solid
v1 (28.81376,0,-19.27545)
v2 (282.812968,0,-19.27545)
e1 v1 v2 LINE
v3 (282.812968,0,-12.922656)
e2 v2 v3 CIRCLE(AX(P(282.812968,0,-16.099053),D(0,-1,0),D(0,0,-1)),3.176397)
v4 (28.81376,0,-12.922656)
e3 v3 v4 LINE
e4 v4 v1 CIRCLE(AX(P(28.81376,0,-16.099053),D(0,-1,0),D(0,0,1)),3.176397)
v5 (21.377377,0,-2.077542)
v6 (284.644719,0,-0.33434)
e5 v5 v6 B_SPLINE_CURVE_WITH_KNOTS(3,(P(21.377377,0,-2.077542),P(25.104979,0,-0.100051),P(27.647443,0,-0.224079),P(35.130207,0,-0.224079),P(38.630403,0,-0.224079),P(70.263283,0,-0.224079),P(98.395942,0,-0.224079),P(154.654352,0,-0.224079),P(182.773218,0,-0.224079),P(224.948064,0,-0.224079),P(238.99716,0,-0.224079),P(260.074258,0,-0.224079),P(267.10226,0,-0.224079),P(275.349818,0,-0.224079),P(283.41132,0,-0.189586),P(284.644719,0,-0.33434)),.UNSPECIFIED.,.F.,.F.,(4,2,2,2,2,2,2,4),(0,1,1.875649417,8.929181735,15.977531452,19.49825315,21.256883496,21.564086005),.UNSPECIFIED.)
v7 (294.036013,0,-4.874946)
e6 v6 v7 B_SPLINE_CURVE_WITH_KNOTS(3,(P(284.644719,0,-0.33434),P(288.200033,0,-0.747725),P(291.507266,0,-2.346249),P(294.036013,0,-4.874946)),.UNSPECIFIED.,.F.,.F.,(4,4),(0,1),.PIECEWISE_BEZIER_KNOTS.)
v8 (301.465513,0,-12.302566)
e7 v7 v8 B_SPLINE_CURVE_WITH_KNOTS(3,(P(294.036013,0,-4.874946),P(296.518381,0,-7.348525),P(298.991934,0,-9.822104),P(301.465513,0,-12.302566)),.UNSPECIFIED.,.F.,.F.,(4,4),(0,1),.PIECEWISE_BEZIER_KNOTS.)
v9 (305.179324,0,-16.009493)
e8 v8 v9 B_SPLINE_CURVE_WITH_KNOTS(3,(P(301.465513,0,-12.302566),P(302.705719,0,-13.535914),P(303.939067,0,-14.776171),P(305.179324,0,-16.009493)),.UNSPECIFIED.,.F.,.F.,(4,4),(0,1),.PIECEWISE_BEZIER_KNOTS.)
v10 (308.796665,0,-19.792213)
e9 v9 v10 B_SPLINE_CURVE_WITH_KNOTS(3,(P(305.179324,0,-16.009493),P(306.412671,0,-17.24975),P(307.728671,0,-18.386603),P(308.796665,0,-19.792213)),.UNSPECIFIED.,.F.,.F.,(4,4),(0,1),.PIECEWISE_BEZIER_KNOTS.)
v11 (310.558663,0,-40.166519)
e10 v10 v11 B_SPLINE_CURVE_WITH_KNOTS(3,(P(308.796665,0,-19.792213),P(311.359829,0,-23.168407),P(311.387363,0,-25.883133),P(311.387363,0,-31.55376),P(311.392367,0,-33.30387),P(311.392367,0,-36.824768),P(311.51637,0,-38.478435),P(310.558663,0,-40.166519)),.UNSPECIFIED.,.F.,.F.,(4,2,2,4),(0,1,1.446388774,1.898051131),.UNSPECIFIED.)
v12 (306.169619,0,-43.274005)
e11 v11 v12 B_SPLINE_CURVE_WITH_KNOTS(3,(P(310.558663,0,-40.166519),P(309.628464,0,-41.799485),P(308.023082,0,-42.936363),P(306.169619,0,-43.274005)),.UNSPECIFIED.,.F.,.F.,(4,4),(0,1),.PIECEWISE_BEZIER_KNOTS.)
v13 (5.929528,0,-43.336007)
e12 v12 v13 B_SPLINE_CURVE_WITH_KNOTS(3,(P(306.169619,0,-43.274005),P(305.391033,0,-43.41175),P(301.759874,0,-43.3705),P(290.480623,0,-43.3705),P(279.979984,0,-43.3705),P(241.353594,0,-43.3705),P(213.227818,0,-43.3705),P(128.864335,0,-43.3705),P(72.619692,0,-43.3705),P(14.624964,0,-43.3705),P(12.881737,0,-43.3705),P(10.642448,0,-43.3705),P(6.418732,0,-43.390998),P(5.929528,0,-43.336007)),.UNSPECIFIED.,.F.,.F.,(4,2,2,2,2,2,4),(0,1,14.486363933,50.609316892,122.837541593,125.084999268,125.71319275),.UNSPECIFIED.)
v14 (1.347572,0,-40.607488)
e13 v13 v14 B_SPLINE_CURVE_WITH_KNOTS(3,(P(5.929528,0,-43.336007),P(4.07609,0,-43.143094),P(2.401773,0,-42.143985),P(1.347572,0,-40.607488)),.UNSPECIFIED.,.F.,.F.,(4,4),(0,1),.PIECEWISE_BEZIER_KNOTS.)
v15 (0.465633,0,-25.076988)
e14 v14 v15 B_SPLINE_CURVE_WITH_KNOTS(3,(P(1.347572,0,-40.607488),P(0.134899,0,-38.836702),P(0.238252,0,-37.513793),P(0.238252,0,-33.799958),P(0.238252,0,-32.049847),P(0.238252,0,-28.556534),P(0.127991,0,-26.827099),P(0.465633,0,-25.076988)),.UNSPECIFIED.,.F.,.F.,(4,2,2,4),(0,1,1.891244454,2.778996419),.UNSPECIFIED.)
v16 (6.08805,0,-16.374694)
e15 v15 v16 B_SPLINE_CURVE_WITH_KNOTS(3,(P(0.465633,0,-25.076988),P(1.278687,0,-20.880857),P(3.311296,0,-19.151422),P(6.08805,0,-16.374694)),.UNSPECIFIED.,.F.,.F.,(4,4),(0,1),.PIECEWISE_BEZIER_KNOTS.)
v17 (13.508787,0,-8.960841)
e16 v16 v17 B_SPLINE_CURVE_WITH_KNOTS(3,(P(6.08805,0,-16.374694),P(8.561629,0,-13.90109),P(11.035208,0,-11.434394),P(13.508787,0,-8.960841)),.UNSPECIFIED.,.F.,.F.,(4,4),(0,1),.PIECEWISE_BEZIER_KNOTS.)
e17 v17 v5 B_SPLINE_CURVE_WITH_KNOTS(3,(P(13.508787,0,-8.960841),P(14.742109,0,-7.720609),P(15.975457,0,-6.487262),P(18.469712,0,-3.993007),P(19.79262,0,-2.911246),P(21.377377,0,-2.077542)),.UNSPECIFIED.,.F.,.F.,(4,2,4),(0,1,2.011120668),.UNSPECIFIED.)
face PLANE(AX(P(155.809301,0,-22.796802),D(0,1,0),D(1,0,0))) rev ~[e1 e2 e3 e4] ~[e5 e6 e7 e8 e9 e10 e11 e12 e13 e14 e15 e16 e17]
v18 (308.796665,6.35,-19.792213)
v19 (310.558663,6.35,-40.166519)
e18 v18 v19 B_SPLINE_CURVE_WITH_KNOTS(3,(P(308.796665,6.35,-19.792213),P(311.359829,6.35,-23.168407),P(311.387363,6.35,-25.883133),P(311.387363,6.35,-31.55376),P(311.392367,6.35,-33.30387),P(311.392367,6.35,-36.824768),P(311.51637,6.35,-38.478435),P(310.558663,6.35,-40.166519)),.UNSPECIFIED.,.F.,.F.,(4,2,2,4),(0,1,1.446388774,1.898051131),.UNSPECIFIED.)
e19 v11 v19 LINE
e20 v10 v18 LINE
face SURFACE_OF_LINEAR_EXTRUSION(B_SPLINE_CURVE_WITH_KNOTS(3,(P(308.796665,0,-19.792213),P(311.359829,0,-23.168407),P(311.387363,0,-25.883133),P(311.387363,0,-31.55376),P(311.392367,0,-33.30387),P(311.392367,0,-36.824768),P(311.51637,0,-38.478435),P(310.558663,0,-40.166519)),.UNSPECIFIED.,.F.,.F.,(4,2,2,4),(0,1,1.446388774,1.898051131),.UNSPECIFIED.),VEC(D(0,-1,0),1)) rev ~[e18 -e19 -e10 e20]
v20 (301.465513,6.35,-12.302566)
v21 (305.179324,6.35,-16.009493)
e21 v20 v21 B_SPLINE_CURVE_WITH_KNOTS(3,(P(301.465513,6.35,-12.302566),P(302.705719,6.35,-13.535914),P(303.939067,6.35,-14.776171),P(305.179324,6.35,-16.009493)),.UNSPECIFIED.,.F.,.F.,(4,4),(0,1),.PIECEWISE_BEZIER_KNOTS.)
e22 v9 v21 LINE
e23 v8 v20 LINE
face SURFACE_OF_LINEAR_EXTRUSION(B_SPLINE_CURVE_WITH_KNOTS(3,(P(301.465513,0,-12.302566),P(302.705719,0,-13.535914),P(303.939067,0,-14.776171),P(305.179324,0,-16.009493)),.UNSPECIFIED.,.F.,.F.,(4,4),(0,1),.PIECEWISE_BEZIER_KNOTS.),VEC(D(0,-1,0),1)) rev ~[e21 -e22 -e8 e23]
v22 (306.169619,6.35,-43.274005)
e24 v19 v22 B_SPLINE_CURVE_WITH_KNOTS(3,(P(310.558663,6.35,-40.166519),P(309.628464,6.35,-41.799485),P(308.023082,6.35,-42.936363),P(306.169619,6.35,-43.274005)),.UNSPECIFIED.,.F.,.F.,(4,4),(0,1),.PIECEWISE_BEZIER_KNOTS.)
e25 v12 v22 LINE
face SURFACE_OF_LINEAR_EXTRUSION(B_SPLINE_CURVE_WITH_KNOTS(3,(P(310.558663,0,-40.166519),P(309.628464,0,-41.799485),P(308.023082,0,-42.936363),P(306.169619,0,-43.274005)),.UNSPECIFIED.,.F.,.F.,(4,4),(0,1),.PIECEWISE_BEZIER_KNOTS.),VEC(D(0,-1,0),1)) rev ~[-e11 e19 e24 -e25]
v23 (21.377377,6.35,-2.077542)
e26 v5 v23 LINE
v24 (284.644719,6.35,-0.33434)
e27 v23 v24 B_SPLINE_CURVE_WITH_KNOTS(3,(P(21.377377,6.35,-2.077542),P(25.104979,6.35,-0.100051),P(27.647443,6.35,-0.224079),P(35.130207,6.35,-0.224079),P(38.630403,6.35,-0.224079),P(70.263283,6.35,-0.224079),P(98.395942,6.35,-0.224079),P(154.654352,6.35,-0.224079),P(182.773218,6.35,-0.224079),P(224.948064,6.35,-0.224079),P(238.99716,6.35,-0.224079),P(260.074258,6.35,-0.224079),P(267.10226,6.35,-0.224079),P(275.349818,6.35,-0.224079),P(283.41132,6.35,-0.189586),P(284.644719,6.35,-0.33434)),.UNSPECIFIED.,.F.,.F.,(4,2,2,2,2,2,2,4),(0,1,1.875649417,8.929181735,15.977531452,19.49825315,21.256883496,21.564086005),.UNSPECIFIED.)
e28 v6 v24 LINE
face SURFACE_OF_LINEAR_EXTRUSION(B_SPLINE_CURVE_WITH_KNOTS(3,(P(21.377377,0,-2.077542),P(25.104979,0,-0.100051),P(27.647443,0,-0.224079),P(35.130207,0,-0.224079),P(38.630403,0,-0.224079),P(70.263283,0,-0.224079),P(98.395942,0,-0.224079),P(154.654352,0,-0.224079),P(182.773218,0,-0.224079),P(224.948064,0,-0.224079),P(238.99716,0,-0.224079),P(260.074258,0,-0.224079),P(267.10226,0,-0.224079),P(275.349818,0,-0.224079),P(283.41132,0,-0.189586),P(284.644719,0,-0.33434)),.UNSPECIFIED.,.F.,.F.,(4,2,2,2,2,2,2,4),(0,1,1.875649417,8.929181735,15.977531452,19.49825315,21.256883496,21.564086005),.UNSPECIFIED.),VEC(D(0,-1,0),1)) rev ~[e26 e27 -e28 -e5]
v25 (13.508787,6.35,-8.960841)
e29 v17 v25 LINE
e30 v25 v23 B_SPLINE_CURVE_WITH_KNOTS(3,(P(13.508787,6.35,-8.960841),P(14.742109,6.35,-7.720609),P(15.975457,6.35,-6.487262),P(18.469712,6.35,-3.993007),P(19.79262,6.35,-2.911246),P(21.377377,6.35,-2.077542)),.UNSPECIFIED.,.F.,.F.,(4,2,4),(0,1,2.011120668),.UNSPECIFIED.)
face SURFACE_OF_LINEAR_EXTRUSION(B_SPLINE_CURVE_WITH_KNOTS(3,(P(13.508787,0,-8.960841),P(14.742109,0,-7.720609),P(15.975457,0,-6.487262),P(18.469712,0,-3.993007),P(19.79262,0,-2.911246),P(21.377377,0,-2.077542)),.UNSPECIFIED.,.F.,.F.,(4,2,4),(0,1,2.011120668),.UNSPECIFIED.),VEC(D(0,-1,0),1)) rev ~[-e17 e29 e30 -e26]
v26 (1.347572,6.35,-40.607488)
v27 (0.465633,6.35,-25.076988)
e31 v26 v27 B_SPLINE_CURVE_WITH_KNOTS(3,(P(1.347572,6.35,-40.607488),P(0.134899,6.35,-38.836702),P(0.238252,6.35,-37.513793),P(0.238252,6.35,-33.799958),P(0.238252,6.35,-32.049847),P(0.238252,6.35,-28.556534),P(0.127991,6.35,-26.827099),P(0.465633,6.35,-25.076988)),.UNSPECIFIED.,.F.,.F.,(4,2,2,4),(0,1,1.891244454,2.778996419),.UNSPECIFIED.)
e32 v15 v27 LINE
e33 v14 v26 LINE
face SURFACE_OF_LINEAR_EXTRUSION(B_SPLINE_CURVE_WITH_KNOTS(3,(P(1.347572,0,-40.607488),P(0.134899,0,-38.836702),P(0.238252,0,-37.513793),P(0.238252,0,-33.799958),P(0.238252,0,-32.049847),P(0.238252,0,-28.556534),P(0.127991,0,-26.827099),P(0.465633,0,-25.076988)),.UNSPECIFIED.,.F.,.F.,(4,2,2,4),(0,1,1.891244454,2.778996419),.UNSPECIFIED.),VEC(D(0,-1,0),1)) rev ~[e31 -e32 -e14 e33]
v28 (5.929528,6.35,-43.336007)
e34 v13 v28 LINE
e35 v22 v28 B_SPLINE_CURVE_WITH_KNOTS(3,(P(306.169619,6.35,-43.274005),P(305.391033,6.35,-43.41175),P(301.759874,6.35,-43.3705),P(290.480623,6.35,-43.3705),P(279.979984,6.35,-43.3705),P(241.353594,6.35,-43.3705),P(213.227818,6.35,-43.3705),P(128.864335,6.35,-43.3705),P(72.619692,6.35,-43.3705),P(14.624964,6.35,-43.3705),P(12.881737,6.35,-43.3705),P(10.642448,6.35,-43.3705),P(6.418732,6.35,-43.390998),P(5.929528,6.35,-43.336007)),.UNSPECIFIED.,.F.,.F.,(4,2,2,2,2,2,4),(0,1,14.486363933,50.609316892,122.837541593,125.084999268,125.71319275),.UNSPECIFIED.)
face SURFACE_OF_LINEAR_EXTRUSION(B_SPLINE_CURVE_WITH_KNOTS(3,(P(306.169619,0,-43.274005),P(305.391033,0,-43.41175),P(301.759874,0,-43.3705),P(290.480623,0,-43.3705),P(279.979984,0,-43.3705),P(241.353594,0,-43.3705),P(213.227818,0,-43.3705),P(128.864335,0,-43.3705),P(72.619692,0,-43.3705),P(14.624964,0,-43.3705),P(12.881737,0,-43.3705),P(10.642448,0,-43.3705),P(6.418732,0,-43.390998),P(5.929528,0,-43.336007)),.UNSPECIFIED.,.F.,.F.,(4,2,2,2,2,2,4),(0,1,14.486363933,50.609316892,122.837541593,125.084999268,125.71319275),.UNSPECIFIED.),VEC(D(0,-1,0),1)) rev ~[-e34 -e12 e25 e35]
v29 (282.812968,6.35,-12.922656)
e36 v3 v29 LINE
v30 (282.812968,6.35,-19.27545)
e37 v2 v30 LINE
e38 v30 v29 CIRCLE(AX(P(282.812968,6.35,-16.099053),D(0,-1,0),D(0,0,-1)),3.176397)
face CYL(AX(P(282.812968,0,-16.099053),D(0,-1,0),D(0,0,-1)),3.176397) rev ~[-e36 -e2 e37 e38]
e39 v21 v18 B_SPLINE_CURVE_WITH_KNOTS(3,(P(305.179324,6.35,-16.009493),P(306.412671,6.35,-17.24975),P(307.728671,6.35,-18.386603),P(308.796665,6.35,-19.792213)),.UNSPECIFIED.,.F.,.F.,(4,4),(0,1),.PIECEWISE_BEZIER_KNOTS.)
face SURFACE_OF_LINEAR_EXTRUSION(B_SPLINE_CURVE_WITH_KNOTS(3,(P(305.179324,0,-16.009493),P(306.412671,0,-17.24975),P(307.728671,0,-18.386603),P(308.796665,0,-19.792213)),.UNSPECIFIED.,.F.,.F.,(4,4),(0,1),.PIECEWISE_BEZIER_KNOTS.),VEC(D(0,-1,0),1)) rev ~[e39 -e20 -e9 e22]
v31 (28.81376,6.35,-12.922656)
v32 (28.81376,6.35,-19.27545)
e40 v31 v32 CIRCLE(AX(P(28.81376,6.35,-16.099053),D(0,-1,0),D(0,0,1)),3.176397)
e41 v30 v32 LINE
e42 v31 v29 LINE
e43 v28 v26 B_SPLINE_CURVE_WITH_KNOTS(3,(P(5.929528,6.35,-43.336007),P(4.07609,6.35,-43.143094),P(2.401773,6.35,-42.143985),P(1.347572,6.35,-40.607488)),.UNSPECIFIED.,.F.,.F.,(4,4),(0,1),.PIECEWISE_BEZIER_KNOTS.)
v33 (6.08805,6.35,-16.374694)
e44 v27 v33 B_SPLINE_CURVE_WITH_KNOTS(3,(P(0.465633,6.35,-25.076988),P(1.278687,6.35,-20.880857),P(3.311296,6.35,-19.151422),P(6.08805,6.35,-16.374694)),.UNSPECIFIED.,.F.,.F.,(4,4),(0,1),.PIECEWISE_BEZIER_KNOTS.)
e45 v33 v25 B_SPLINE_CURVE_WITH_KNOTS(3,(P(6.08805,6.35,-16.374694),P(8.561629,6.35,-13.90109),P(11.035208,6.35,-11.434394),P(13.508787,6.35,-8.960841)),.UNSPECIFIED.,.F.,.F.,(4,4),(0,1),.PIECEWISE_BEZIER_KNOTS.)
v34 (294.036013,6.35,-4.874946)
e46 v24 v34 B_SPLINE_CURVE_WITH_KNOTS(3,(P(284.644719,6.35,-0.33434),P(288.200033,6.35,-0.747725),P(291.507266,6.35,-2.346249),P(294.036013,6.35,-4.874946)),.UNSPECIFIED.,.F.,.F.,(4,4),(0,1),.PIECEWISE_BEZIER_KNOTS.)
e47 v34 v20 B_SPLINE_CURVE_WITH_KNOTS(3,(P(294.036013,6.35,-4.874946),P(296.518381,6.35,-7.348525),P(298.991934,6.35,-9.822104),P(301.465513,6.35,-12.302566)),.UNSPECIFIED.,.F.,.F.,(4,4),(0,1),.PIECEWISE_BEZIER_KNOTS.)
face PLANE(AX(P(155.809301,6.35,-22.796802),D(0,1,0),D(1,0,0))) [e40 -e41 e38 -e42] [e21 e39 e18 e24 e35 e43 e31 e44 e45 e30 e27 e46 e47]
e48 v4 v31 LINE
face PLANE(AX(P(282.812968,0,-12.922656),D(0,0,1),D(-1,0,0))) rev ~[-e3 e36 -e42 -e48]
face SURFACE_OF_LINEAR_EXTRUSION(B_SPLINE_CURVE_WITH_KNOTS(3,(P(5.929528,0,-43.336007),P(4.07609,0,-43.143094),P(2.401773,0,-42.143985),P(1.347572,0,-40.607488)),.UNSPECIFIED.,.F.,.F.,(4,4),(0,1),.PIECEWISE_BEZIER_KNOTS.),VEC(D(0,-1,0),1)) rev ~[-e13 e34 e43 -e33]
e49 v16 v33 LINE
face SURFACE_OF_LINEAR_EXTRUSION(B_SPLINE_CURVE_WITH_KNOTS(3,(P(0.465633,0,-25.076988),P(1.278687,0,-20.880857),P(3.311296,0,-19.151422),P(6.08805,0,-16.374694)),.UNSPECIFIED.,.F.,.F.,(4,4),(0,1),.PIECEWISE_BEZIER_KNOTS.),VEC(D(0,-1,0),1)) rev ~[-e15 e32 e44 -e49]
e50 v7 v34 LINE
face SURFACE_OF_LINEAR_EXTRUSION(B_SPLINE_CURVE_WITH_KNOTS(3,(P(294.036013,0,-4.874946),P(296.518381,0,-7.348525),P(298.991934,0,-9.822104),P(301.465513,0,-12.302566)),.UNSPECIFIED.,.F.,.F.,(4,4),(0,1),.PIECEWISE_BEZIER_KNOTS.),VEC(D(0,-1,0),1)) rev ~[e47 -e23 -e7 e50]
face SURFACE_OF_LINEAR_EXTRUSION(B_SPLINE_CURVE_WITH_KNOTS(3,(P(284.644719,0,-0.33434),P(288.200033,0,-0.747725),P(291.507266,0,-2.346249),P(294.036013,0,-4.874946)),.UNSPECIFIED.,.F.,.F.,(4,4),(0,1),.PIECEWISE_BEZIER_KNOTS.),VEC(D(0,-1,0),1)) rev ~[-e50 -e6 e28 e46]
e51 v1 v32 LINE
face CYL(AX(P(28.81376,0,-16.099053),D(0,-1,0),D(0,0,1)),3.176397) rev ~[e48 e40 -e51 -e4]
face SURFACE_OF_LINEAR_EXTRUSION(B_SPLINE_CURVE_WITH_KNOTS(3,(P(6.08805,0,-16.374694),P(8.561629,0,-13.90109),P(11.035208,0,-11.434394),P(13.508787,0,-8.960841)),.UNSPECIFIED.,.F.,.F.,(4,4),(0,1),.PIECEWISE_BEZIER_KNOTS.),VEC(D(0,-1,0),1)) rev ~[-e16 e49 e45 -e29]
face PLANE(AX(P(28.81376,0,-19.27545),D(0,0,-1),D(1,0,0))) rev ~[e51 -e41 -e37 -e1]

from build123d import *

# Parameters (mm, degrees)
BOSS_EXTRUDE3_DEPTH = 6.35
CUT_EXTRUDE2_DEPTH  = 315.468278946


with BuildPart() as part:
    # Sketch7 → Boss-Extrude3 (new body)
    with BuildSketch(Plane(origin=(0, 0, 0), x_dir=(1, 0, 0), z_dir=(0, 1, 0))):
        with BuildLine():
            add(Edge.make_bspline(
                [(185.1020682, 43.3705), (128.8643346, 43.3705), (72.6196922, 43.3705), (16.3750752, 43.3705)],
                knots=[0, 0, 0, 0, 1, 1, 1, 1], degree=3))
            add(Edge.make_bspline(
                [(16.3750752, 43.3705), (14.6249644, 43.3705), (12.881737, 43.3705), (11.1316262, 43.3705)],
                knots=[0, 0, 0, 0, 1, 1, 1, 1], degree=3))
            add(Edge.make_bspline(
                [(11.1316262, 43.3705), (10.6424476, 43.3705), (6.4187324, 43.3909978), (5.9295284, 43.3360068)],
                knots=[0, 0, 0, 0, 1, 1, 1, 1], degree=3))
            add(Edge.make_bspline(
                [(5.9295284, 43.3360068), (4.0760904, 43.1430938), (2.4017732, 42.1439848), (1.3475716, 40.607488)],
                knots=[0, 0, 0, 0, 1, 1, 1, 1], degree=3))
            add(Edge.make_bspline(
                [(1.3475716, 40.607488), (0.1348994, 38.8367016), (0.238252, 37.5137934), (0.238252, 35.550094)],
                knots=[0, 0, 0, 0, 1, 1, 1, 1], degree=3))
            add(Edge.make_bspline(
                [(0.238252, 35.550094), (0.238252, 33.7999578), (0.238252, 32.049847), (0.238252, 30.2997616)],
                knots=[0, 0, 0, 0, 1, 1, 1, 1], degree=3))
            add(Edge.make_bspline(
                [(0.238252, 30.2997616), (0.238252, 28.5565342), (0.1279906, 26.827099), (0.4656328, 25.0769882)],
                knots=[0, 0, 0, 0, 1, 1, 1, 1], degree=3))
            add(Edge.make_bspline(
                [(0.4656328, 25.0769882), (1.2786868, 20.8808574), (3.3112964, 19.1514222), (6.0880498, 16.3746942)],
                knots=[0, 0, 0, 0, 1, 1, 1, 1], degree=3))
            add(Edge.make_bspline(
                [(6.0880498, 16.3746942), (8.5616288, 13.9010898), (11.0352078, 11.4343942), (13.5087868, 8.9608406)],
                knots=[0, 0, 0, 0, 1, 1, 1, 1], degree=3))
            add(Edge.make_bspline(
                [(13.5087868, 8.9608406), (14.7421092, 7.7206094), (15.975457, 6.4872616), (17.2156882, 5.2470304)],
                knots=[0, 0, 0, 0, 1, 1, 1, 1], degree=3))
            add(Edge.make_bspline(
                [(17.2156882, 5.2470304), (18.4697116, 3.993007), (19.7926198, 2.9112464), (21.3773766, 2.0775422)],
                knots=[0, 0, 0, 0, 1, 1, 1, 1], degree=3))
            add(Edge.make_bspline(
                [(21.3773766, 2.0775422), (25.104979, 0.1000506), (27.6474428, 0.2240788), (31.6368684, 0.2240788)],
                knots=[0, 0, 0, 0, 1, 1, 1, 1], degree=3))
            add(Edge.make_bspline(
                [(31.6368684, 0.2240788), (35.1302066, 0.2240788), (38.6304028, 0.2240788), (42.123741, 0.2240788)],
                knots=[0, 0, 0, 0, 1, 1, 1, 1], degree=3))
            add(Edge.make_bspline(
                [(42.123741, 0.2240788), (70.2632834, 0.2240788), (98.3959424, 0.2240788), (126.5354848, 0.2240788)],
                knots=[0, 0, 0, 0, 1, 1, 1, 1], degree=3))
            add(Edge.make_bspline(
                [(126.5354848, 0.2240788), (154.6543516, 0.2240788), (182.7732184, 0.2240788), (210.8989686, 0.2240788)],
                knots=[0, 0, 0, 0, 1, 1, 1, 1], degree=3))
            add(Edge.make_bspline(
                [(210.8989686, 0.2240788), (224.9480642, 0.2240788), (238.9971598, 0.2240788), (253.0531642, 0.2240788)],
                knots=[0, 0, 0, 0, 1, 1, 1, 1], degree=3))
            add(Edge.make_bspline(
                [(253.0531642, 0.2240788), (260.0742576, 0.2240788), (267.1022598, 0.2240788), (274.1233532, 0.2240788)],
                knots=[0, 0, 0, 0, 1, 1, 1, 1], degree=3))
            add(Edge.make_bspline(
                [(274.1233532, 0.2240788), (275.3498176, 0.2240788), (283.4113204, 0.1895856), (284.644719, 0.3343402)],
                knots=[0, 0, 0, 0, 1, 1, 1, 1], degree=3))
            add(Edge.make_bspline(
                [(284.644719, 0.3343402), (288.2000332, 0.7477252), (291.5072656, 2.3462488), (294.0360134, 4.8749458)],
                knots=[0, 0, 0, 0, 1, 1, 1, 1], degree=3))
            add(Edge.make_bspline(
                [(294.0360134, 4.8749458), (296.5183808, 7.3485248), (298.9919344, 9.8221038), (301.4655134, 12.3025662)],
                knots=[0, 0, 0, 0, 1, 1, 1, 1], degree=3))
            add(Edge.make_bspline(
                [(301.4655134, 12.3025662), (302.7057192, 13.535914), (303.939067, 14.7761706), (305.1793236, 16.009493)],
                knots=[0, 0, 0, 0, 1, 1, 1, 1], degree=3))
            add(Edge.make_bspline(
                [(305.1793236, 16.009493), (306.4126714, 17.2497496), (307.7286708, 18.3866028), (308.7966646, 19.7922134)],
                knots=[0, 0, 0, 0, 1, 1, 1, 1], degree=3))
            add(Edge.make_bspline(
                [(308.7966646, 19.7922134), (311.3598294, 23.1684068), (311.387363, 25.8831334), (311.387363, 29.8036742)],
                knots=[0, 0, 0, 0, 1, 1, 1, 1], degree=3))
            add(Edge.make_bspline(
                [(311.387363, 29.8036742), (311.387363, 31.5537596), (311.3923668, 33.3038704), (311.3923668, 35.0539812)],
                knots=[0, 0, 0, 0, 1, 1, 1, 1], degree=3))
            add(Edge.make_bspline(
                [(311.3923668, 35.0539812), (311.3923668, 36.8247676), (311.5163696, 38.4784346), (310.5586626, 40.1665186)],
                knots=[0, 0, 0, 0, 1, 1, 1, 1], degree=3))
            add(Edge.make_bspline(
                [(310.5586626, 40.1665186), (309.6284638, 41.7994846), (308.0230822, 42.9363632), (306.1696188, 43.2740054)],
                knots=[0, 0, 0, 0, 1, 1, 1, 1], degree=3))
            add(Edge.make_bspline(
                [(306.1696188, 43.2740054), (305.3910326, 43.4117496), (301.759874, 43.3705), (300.9812624, 43.3705)],
                knots=[0, 0, 0, 0, 1, 1, 1, 1], degree=3))
            add(Edge.make_bspline(
                [(300.9812624, 43.3705), (297.4810662, 43.3705), (293.98087, 43.3705), (290.4806738, 43.3705)],
                knots=[0, 0, 0, 0, 1, 1, 1, 1], degree=3))
            add(Edge.make_bspline(
                [(290.4806738, 43.3705), (283.4802306, 43.3705), (276.4797874, 43.3705), (269.4793442, 43.3705)],
                knots=[0, 0, 0, 0, 1, 1, 1, 1], degree=3))
            add(Edge.make_bspline(
                [(269.4793442, 43.3705), (241.353594, 43.3705), (213.2278184, 43.3705), (185.1020682, 43.3705)],
                knots=[0, 0, 0, 0, 1, 1, 1, 1], degree=3))
        make_face()
    extrude(amount=BOSS_EXTRUDE3_DEPTH)

    # Sketch8 → Cut-Extrude2 (cut, through all)
    with BuildSketch(Plane(origin=(0, 0, 0), x_dir=(1, 0, 0), z_dir=(0, 1, 0))):
        with BuildLine():
            Line((28.81376, 19.2754504), (282.812968063, 19.2754504))
            ThreePointArc((282.812968063, 19.2754504), (285.989365063, 16.0990534), (282.812968063, 12.9226564))
            Line((282.812968063, 12.9226564), (28.81376, 12.9226564))
            ThreePointArc((28.81376, 12.9226564), (25.637363, 16.0990534), (28.81376, 19.2754504))
        make_face()
    extrude(amount=CUT_EXTRUDE2_DEPTH, mode=Mode.SUBTRACT)


solid = part.part
